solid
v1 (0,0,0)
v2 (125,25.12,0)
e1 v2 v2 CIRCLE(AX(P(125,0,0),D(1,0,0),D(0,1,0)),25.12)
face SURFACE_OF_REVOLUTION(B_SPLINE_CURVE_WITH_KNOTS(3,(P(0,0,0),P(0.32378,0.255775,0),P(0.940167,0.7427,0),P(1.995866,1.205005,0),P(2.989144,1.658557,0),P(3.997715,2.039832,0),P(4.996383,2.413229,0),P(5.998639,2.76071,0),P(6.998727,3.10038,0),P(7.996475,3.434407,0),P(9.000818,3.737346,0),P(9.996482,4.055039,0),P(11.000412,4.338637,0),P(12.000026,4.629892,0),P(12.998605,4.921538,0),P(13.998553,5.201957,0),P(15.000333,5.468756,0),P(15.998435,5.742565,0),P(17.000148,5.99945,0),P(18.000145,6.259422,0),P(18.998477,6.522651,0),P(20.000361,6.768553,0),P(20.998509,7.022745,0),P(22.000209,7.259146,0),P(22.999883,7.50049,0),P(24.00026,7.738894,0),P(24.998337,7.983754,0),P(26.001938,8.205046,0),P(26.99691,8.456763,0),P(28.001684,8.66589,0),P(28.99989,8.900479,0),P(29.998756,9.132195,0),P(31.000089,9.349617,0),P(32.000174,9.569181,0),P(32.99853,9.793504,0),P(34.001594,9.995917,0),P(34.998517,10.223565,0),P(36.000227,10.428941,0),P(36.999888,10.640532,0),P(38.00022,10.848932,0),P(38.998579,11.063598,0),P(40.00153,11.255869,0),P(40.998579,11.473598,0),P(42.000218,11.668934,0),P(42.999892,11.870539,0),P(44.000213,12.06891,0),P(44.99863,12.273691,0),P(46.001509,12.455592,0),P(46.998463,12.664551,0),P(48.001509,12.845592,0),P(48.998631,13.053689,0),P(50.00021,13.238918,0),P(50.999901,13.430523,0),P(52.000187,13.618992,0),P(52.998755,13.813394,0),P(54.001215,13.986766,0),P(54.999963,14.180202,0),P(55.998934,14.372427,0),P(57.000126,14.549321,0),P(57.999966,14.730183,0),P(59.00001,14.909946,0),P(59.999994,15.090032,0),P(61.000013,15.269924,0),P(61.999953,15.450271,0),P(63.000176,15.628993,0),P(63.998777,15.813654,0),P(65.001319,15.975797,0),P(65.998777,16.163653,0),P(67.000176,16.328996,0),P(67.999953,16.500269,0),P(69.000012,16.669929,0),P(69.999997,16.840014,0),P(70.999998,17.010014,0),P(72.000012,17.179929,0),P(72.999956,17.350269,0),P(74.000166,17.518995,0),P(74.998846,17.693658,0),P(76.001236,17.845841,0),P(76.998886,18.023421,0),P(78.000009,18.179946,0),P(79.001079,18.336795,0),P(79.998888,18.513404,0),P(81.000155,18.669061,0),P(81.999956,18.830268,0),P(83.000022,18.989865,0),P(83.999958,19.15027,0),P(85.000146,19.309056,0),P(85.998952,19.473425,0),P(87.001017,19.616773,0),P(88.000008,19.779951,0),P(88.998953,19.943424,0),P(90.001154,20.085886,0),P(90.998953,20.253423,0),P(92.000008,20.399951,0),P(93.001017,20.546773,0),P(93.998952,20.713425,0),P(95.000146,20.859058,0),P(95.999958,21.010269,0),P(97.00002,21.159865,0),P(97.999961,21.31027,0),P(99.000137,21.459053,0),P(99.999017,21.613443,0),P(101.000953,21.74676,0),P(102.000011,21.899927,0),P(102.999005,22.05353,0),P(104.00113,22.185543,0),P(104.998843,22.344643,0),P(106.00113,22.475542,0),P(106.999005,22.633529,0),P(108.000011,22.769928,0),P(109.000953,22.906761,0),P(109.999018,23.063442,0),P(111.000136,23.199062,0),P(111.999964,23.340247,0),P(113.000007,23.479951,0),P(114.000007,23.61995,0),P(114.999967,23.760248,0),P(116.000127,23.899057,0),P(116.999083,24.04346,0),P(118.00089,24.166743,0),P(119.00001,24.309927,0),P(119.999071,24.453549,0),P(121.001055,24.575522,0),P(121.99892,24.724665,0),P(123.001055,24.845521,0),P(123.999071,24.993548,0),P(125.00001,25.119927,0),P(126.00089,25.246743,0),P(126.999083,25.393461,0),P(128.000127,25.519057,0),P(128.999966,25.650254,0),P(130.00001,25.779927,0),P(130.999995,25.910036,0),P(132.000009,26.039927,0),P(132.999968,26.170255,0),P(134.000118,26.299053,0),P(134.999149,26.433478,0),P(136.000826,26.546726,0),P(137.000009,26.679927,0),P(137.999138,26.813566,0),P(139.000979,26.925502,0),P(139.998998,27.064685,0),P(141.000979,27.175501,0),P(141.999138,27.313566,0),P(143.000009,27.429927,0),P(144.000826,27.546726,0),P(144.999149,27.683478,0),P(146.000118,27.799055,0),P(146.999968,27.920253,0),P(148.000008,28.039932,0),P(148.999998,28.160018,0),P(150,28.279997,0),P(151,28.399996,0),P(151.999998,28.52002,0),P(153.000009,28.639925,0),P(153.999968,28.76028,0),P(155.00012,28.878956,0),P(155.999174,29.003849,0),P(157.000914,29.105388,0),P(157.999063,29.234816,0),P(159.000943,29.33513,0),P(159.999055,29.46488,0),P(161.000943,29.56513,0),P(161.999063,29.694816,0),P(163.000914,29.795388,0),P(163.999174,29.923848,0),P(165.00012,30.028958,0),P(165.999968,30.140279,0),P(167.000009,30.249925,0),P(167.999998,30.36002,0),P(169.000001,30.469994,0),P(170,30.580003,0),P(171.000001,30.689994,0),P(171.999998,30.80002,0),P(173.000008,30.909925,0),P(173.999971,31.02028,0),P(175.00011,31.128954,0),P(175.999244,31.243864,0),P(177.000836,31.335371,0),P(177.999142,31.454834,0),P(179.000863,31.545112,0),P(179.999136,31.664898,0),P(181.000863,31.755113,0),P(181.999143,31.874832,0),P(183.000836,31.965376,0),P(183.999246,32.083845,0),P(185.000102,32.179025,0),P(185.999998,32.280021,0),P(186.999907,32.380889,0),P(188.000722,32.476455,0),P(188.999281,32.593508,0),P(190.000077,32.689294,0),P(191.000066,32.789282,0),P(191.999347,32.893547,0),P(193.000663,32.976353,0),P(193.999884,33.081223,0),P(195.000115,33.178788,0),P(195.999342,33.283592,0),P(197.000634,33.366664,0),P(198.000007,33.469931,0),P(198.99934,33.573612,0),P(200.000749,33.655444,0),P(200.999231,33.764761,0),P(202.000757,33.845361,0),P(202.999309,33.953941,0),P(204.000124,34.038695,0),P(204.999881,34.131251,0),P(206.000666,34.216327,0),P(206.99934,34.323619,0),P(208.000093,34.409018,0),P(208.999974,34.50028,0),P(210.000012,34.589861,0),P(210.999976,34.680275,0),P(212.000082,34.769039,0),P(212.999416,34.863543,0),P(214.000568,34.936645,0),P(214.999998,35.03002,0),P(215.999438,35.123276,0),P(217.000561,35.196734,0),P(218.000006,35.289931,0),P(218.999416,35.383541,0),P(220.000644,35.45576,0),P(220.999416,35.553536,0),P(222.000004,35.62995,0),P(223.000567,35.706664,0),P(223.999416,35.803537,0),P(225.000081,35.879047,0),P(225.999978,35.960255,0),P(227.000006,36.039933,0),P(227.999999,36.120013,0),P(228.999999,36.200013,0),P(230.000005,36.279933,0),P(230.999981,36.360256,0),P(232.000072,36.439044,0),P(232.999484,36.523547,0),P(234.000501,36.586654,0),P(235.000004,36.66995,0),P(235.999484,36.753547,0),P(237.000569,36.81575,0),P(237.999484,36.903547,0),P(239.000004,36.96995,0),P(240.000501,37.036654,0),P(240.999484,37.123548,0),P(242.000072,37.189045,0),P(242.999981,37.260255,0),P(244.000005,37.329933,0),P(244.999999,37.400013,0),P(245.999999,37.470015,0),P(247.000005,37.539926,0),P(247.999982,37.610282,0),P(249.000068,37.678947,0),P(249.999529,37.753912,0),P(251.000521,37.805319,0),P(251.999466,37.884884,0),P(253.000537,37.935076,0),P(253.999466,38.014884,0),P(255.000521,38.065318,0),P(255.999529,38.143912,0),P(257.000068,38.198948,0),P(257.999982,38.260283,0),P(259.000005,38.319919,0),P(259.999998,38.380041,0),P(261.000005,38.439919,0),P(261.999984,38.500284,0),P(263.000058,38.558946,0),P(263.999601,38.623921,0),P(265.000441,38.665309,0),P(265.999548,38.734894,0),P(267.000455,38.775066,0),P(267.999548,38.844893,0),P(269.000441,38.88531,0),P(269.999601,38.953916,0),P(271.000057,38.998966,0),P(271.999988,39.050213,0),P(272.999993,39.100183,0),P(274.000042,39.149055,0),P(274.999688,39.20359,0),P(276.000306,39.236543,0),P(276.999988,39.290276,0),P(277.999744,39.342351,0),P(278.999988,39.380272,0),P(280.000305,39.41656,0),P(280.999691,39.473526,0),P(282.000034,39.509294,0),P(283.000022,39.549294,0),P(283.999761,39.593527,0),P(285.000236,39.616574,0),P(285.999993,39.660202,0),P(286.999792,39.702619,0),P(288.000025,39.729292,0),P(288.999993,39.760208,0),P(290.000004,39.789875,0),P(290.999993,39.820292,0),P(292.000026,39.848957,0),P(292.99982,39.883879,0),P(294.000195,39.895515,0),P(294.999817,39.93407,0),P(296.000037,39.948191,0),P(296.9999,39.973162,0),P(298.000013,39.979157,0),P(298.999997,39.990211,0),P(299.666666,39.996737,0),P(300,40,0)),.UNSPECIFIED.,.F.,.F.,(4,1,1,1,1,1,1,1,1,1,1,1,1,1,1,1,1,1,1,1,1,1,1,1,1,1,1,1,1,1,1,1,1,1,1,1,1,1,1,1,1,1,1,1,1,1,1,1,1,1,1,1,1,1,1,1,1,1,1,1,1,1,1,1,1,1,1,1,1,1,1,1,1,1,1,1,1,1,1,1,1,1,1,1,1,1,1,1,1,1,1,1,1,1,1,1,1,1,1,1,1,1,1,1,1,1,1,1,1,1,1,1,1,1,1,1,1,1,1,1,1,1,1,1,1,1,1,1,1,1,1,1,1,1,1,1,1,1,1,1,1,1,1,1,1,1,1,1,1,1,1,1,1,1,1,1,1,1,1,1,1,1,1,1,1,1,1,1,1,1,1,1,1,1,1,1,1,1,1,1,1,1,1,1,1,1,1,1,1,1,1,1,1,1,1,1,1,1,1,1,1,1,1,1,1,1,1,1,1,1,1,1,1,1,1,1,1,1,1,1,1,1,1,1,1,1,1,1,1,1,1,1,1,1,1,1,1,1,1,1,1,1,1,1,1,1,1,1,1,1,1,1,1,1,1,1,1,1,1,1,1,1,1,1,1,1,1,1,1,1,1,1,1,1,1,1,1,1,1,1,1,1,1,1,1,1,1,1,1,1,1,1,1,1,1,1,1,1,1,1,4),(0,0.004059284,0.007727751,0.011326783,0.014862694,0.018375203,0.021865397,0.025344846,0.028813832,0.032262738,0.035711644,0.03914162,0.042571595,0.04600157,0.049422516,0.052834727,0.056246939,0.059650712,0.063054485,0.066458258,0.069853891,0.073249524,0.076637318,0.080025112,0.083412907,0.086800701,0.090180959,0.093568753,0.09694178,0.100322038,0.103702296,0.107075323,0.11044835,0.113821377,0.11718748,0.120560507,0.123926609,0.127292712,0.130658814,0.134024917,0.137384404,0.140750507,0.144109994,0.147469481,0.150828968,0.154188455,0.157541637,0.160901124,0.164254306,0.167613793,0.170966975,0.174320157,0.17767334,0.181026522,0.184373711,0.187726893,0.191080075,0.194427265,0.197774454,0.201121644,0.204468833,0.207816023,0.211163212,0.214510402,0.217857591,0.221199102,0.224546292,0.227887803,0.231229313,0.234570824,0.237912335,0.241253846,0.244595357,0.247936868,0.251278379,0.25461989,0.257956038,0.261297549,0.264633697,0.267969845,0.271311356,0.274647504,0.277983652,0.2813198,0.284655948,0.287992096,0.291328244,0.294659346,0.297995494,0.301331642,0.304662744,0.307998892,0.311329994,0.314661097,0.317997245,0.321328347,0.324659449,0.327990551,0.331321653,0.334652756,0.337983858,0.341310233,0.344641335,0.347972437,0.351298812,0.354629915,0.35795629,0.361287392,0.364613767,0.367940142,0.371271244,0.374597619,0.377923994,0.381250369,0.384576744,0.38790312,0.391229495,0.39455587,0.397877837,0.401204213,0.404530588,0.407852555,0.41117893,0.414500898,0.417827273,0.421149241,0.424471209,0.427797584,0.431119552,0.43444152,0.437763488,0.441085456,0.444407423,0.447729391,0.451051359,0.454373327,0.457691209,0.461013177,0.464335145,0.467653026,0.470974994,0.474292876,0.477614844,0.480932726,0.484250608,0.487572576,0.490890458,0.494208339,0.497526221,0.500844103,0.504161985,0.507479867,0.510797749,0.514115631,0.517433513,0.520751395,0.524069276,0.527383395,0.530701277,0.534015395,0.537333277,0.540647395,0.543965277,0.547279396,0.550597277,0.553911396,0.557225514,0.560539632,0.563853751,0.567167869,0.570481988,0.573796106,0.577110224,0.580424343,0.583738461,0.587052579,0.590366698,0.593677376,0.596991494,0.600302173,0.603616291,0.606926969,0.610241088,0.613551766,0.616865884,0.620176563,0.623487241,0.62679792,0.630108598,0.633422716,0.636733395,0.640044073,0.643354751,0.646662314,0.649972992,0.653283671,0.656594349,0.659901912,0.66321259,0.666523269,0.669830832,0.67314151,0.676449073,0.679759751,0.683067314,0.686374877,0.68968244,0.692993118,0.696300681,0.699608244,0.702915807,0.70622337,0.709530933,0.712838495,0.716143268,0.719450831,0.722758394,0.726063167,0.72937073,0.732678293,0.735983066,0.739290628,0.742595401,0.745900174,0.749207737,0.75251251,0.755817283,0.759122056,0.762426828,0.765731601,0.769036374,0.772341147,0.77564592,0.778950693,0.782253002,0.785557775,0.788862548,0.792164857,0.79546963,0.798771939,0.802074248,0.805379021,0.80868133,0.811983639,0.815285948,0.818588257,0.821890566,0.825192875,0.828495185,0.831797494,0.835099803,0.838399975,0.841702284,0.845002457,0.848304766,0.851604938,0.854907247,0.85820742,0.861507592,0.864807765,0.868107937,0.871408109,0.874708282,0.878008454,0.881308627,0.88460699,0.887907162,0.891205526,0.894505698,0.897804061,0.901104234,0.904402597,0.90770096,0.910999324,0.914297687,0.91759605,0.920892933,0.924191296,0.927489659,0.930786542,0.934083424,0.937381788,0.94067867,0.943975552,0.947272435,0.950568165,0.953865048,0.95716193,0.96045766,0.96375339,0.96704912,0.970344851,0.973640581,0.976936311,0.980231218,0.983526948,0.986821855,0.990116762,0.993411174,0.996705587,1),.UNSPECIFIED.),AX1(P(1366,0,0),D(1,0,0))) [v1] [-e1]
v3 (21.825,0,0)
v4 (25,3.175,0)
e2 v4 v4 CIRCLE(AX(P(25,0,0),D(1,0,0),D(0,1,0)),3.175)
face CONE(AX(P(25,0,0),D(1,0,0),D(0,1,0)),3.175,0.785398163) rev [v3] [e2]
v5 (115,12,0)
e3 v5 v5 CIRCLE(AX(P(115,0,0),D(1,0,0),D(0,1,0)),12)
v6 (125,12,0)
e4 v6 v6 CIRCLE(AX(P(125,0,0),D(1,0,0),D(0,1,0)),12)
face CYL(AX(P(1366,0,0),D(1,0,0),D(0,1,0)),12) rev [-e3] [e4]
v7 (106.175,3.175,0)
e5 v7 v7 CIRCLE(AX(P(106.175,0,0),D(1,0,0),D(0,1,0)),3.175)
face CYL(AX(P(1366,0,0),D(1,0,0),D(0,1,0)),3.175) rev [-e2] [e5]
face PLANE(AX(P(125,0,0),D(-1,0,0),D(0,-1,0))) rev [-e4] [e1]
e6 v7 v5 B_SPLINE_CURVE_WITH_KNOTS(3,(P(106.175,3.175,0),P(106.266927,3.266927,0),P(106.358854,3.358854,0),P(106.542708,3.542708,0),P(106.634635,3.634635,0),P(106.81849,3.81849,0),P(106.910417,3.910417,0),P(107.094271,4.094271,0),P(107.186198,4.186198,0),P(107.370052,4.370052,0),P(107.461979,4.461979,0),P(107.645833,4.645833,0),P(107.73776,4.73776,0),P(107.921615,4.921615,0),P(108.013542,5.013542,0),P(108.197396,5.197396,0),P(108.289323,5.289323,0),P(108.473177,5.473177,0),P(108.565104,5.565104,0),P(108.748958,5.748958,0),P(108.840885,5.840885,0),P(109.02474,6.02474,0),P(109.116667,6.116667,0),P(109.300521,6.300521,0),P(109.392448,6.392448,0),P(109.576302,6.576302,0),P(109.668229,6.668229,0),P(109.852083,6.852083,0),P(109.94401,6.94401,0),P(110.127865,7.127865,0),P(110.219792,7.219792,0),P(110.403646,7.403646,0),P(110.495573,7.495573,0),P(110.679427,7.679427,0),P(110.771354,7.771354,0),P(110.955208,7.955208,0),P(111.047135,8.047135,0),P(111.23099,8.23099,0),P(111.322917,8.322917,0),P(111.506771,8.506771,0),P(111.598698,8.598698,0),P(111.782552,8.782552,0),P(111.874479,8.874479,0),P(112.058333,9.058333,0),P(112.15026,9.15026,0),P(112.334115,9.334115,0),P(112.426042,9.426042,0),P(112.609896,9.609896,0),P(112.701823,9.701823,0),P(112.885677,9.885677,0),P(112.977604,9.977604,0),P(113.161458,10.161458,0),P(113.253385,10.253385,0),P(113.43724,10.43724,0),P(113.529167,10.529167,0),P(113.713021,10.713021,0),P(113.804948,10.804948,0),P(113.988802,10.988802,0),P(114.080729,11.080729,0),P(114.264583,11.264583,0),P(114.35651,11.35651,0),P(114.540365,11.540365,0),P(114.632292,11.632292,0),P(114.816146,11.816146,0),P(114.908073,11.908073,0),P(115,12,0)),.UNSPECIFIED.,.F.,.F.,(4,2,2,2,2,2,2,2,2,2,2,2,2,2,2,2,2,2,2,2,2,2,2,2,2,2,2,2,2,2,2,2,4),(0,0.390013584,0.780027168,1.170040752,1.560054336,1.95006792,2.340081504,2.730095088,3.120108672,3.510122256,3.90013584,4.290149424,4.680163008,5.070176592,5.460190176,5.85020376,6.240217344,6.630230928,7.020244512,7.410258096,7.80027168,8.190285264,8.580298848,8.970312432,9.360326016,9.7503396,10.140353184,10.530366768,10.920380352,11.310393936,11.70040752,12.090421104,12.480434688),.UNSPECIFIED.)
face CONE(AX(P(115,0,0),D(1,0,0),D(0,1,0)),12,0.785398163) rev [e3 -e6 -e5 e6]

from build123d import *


with BuildPart() as part:
    # Sketch1 → Revolve1 (revolve)
    with BuildSketch(Plane.XY):
        with BuildLine():
            Line((125, 12), (125, 25.12))
            add(Edge.make_bspline(
                [(0, 0), (0.323780021, 0.255775241), (0.94016744, 0.742700408), (1.995866478, 1.205004503), (2.989144376, 1.658557495), (3.997714551, 2.039831811), (4.996382984, 2.413229118), (5.998639016, 2.760710114), (6.998726717, 3.100380082), (7.996474593, 3.434406564), (9.000818165, 3.737346339), (9.996482368, 4.055038983), (11.000411882, 4.338637006), (12.000026496, 4.629892194), (12.998605154, 4.921538085), (13.998553447, 5.201956918), (15.000333418, 5.468756131), (15.998435353, 5.742565197), (17.000148219, 5.999450091), (18.000144663, 6.259422331), (18.998476692, 6.522650592), (20.000361352, 6.768553191), (20.99850931, 7.022744558), (22.000208976, 7.259145775), (22.999882776, 7.500490147), (24.00025992, 7.738893639), (24.998336927, 7.983753601), (26.001938406, 8.205045523), (26.996910252, 8.456762946), (28.001684387, 8.665890311), (28.999889775, 8.900479073), (29.998756042, 9.132195447), (31.000088642, 9.349617017), (32.000174341, 9.569181223), (32.998530369, 9.793504485), (34.001594358, 9.995916733), (34.998517111, 10.223565036), (36.000227035, 10.428940627), (36.999888355, 10.640531727), (38.000219545, 10.848932463), (38.998578998, 11.063597697), (40.001530122, 11.255869137), (40.998579314, 11.473597898), (42.000217847, 11.668933756), (42.999892247, 11.870538941), (44.000213164, 12.06891048), (44.998630108, 12.27369095), (46.00150949, 12.455592416), (46.998462544, 12.664551243), (48.001509459, 12.845592105), (48.99863076, 13.053689499), (50.000210318, 13.238917979), (50.999900609, 13.430522563), (52.000187247, 13.618991768), (52.998755188, 13.813394489), (54.001214911, 13.986766369), (54.999962631, 14.180201923), (55.998934432, 14.372426659), (57.000125577, 14.549321163), (57.999966126, 14.730183185), (59.00000992, 14.909946098), (59.999994195, 15.090032425), (61.000013299, 15.269924203), (61.999952608, 15.450270765), (63.000176269, 15.628992738), (63.998777281, 15.813653798), (65.001318823, 15.975797021), (65.998777361, 16.163653345), (67.000175679, 16.328996099), (67.999952984, 16.500268649), (69.000012385, 16.669929305), (69.999997475, 16.840014133), (70.999997715, 17.010014165), (72.000011667, 17.179929207), (72.999955619, 17.350269007), (74.000165859, 17.518994764), (74.998846385, 17.693658445), (76.00123627, 17.845840603), (76.998885639, 18.02342053), (78.000008888, 18.179946135), (79.001078778, 18.336795105), (79.998888397, 18.513403896), (81.000154867, 18.669061096), (81.999955903, 18.830268357), (83.000021521, 18.989865476), (83.999958012, 19.150269737), (85.000146431, 19.309055574), (85.998952462, 19.473425056), (87.001016789, 19.616773267), (88.00000764, 19.779950705), (88.998952676, 19.943423765), (90.001154308, 20.085886002), (90.998952758, 20.253423233), (92.000007612, 20.399950892), (93.001016769, 20.546773348), (93.998952451, 20.713425295), (95.000145959, 20.859057996), (95.999958452, 21.010269228), (97.000020234, 21.159865094), (97.999960613, 21.310270397), (99.000137314, 21.459053318), (99.999017405, 21.613443264), (101.000953088, 21.746760174), (102.000010515, 21.899927471), (102.99900488, 22.053529735), (104.001129573, 22.18554298), (104.998843482, 22.344642847), (106.001129651, 22.475542446), (106.999004952, 22.633529238), (108.000010502, 22.769927566), (109.000953009, 22.906760703), (109.999017622, 23.063441832), (111.000136053, 23.199061769), (111.999964155, 23.34024688), (113.000007328, 23.479950712), (114.000006532, 23.619950272), (114.999966542, 23.760248198), (116.000127298, 23.899056934), (116.999082891, 24.043460261), (118.000889734, 24.166742543), (119.000009833, 24.309927161), (119.999070959, 24.453548621), (121.001054567, 24.575521533), (121.998920281, 24.724664781), (123.001054633, 24.845521042), (123.999071027, 24.993548118), (124.666511026, 25.077819588), (125, 25.12)],
                knots=[0, 0, 0, 0, 0.004059284, 0.007727751, 0.011326783, 0.014862694, 0.018375203, 0.021865397, 0.025344846, 0.028813832, 0.032262738, 0.035711644, 0.03914162, 0.042571595, 0.04600157, 0.049422516, 0.052834727, 0.056246939, 0.059650712, 0.063054485, 0.066458258, 0.069853891, 0.073249524, 0.076637318, 0.080025112, 0.083412907, 0.086800701, 0.090180959, 0.093568753, 0.09694178, 0.100322038, 0.103702296, 0.107075323, 0.11044835, 0.113821377, 0.11718748, 0.120560507, 0.123926609, 0.127292712, 0.130658814, 0.134024917, 0.137384404, 0.140750507, 0.144109994, 0.147469481, 0.150828968, 0.154188455, 0.157541637, 0.160901124, 0.164254306, 0.167613793, 0.170966975, 0.174320157, 0.17767334, 0.181026522, 0.184373711, 0.187726893, 0.191080075, 0.194427265, 0.197774454, 0.201121644, 0.204468833, 0.207816023, 0.211163212, 0.214510402, 0.217857591, 0.221199102, 0.224546292, 0.227887803, 0.231229313, 0.234570824, 0.237912335, 0.241253846, 0.244595357, 0.247936868, 0.251278379, 0.25461989, 0.257956038, 0.261297549, 0.264633697, 0.267969845, 0.271311356, 0.274647504, 0.277983652, 0.2813198, 0.284655948, 0.287992096, 0.291328244, 0.294659346, 0.297995494, 0.301331642, 0.304662744, 0.307998892, 0.311329994, 0.314661097, 0.317997245, 0.321328347, 0.324659449, 0.327990551, 0.331321653, 0.334652756, 0.337983858, 0.341310233, 0.344641335, 0.347972437, 0.351298812, 0.354629915, 0.35795629, 0.361287392, 0.364613767, 0.367940142, 0.371271244, 0.374597619, 0.377923994, 0.381250369, 0.384576744, 0.38790312, 0.391229495, 0.39455587, 0.397877837, 0.401204213, 0.404530588, 0.407852555, 0.41117893, 0.414500898, 0.417827273, 0.421149241, 0.421149241, 0.421149241, 0.421149241], degree=3))
            Line((0, 0), (21.825, 0))
            Line((21.825, 0), (25, 3.175))
            Line((25, 3.175), (106.175, 3.175))
            Line((106.175, 3.175), (115, 12))
            Line((115, 12), (125, 12))
        make_face()
    revolve(axis=Axis((1366, 0, 0), (-1, 0, 0)))


solid = part.part
